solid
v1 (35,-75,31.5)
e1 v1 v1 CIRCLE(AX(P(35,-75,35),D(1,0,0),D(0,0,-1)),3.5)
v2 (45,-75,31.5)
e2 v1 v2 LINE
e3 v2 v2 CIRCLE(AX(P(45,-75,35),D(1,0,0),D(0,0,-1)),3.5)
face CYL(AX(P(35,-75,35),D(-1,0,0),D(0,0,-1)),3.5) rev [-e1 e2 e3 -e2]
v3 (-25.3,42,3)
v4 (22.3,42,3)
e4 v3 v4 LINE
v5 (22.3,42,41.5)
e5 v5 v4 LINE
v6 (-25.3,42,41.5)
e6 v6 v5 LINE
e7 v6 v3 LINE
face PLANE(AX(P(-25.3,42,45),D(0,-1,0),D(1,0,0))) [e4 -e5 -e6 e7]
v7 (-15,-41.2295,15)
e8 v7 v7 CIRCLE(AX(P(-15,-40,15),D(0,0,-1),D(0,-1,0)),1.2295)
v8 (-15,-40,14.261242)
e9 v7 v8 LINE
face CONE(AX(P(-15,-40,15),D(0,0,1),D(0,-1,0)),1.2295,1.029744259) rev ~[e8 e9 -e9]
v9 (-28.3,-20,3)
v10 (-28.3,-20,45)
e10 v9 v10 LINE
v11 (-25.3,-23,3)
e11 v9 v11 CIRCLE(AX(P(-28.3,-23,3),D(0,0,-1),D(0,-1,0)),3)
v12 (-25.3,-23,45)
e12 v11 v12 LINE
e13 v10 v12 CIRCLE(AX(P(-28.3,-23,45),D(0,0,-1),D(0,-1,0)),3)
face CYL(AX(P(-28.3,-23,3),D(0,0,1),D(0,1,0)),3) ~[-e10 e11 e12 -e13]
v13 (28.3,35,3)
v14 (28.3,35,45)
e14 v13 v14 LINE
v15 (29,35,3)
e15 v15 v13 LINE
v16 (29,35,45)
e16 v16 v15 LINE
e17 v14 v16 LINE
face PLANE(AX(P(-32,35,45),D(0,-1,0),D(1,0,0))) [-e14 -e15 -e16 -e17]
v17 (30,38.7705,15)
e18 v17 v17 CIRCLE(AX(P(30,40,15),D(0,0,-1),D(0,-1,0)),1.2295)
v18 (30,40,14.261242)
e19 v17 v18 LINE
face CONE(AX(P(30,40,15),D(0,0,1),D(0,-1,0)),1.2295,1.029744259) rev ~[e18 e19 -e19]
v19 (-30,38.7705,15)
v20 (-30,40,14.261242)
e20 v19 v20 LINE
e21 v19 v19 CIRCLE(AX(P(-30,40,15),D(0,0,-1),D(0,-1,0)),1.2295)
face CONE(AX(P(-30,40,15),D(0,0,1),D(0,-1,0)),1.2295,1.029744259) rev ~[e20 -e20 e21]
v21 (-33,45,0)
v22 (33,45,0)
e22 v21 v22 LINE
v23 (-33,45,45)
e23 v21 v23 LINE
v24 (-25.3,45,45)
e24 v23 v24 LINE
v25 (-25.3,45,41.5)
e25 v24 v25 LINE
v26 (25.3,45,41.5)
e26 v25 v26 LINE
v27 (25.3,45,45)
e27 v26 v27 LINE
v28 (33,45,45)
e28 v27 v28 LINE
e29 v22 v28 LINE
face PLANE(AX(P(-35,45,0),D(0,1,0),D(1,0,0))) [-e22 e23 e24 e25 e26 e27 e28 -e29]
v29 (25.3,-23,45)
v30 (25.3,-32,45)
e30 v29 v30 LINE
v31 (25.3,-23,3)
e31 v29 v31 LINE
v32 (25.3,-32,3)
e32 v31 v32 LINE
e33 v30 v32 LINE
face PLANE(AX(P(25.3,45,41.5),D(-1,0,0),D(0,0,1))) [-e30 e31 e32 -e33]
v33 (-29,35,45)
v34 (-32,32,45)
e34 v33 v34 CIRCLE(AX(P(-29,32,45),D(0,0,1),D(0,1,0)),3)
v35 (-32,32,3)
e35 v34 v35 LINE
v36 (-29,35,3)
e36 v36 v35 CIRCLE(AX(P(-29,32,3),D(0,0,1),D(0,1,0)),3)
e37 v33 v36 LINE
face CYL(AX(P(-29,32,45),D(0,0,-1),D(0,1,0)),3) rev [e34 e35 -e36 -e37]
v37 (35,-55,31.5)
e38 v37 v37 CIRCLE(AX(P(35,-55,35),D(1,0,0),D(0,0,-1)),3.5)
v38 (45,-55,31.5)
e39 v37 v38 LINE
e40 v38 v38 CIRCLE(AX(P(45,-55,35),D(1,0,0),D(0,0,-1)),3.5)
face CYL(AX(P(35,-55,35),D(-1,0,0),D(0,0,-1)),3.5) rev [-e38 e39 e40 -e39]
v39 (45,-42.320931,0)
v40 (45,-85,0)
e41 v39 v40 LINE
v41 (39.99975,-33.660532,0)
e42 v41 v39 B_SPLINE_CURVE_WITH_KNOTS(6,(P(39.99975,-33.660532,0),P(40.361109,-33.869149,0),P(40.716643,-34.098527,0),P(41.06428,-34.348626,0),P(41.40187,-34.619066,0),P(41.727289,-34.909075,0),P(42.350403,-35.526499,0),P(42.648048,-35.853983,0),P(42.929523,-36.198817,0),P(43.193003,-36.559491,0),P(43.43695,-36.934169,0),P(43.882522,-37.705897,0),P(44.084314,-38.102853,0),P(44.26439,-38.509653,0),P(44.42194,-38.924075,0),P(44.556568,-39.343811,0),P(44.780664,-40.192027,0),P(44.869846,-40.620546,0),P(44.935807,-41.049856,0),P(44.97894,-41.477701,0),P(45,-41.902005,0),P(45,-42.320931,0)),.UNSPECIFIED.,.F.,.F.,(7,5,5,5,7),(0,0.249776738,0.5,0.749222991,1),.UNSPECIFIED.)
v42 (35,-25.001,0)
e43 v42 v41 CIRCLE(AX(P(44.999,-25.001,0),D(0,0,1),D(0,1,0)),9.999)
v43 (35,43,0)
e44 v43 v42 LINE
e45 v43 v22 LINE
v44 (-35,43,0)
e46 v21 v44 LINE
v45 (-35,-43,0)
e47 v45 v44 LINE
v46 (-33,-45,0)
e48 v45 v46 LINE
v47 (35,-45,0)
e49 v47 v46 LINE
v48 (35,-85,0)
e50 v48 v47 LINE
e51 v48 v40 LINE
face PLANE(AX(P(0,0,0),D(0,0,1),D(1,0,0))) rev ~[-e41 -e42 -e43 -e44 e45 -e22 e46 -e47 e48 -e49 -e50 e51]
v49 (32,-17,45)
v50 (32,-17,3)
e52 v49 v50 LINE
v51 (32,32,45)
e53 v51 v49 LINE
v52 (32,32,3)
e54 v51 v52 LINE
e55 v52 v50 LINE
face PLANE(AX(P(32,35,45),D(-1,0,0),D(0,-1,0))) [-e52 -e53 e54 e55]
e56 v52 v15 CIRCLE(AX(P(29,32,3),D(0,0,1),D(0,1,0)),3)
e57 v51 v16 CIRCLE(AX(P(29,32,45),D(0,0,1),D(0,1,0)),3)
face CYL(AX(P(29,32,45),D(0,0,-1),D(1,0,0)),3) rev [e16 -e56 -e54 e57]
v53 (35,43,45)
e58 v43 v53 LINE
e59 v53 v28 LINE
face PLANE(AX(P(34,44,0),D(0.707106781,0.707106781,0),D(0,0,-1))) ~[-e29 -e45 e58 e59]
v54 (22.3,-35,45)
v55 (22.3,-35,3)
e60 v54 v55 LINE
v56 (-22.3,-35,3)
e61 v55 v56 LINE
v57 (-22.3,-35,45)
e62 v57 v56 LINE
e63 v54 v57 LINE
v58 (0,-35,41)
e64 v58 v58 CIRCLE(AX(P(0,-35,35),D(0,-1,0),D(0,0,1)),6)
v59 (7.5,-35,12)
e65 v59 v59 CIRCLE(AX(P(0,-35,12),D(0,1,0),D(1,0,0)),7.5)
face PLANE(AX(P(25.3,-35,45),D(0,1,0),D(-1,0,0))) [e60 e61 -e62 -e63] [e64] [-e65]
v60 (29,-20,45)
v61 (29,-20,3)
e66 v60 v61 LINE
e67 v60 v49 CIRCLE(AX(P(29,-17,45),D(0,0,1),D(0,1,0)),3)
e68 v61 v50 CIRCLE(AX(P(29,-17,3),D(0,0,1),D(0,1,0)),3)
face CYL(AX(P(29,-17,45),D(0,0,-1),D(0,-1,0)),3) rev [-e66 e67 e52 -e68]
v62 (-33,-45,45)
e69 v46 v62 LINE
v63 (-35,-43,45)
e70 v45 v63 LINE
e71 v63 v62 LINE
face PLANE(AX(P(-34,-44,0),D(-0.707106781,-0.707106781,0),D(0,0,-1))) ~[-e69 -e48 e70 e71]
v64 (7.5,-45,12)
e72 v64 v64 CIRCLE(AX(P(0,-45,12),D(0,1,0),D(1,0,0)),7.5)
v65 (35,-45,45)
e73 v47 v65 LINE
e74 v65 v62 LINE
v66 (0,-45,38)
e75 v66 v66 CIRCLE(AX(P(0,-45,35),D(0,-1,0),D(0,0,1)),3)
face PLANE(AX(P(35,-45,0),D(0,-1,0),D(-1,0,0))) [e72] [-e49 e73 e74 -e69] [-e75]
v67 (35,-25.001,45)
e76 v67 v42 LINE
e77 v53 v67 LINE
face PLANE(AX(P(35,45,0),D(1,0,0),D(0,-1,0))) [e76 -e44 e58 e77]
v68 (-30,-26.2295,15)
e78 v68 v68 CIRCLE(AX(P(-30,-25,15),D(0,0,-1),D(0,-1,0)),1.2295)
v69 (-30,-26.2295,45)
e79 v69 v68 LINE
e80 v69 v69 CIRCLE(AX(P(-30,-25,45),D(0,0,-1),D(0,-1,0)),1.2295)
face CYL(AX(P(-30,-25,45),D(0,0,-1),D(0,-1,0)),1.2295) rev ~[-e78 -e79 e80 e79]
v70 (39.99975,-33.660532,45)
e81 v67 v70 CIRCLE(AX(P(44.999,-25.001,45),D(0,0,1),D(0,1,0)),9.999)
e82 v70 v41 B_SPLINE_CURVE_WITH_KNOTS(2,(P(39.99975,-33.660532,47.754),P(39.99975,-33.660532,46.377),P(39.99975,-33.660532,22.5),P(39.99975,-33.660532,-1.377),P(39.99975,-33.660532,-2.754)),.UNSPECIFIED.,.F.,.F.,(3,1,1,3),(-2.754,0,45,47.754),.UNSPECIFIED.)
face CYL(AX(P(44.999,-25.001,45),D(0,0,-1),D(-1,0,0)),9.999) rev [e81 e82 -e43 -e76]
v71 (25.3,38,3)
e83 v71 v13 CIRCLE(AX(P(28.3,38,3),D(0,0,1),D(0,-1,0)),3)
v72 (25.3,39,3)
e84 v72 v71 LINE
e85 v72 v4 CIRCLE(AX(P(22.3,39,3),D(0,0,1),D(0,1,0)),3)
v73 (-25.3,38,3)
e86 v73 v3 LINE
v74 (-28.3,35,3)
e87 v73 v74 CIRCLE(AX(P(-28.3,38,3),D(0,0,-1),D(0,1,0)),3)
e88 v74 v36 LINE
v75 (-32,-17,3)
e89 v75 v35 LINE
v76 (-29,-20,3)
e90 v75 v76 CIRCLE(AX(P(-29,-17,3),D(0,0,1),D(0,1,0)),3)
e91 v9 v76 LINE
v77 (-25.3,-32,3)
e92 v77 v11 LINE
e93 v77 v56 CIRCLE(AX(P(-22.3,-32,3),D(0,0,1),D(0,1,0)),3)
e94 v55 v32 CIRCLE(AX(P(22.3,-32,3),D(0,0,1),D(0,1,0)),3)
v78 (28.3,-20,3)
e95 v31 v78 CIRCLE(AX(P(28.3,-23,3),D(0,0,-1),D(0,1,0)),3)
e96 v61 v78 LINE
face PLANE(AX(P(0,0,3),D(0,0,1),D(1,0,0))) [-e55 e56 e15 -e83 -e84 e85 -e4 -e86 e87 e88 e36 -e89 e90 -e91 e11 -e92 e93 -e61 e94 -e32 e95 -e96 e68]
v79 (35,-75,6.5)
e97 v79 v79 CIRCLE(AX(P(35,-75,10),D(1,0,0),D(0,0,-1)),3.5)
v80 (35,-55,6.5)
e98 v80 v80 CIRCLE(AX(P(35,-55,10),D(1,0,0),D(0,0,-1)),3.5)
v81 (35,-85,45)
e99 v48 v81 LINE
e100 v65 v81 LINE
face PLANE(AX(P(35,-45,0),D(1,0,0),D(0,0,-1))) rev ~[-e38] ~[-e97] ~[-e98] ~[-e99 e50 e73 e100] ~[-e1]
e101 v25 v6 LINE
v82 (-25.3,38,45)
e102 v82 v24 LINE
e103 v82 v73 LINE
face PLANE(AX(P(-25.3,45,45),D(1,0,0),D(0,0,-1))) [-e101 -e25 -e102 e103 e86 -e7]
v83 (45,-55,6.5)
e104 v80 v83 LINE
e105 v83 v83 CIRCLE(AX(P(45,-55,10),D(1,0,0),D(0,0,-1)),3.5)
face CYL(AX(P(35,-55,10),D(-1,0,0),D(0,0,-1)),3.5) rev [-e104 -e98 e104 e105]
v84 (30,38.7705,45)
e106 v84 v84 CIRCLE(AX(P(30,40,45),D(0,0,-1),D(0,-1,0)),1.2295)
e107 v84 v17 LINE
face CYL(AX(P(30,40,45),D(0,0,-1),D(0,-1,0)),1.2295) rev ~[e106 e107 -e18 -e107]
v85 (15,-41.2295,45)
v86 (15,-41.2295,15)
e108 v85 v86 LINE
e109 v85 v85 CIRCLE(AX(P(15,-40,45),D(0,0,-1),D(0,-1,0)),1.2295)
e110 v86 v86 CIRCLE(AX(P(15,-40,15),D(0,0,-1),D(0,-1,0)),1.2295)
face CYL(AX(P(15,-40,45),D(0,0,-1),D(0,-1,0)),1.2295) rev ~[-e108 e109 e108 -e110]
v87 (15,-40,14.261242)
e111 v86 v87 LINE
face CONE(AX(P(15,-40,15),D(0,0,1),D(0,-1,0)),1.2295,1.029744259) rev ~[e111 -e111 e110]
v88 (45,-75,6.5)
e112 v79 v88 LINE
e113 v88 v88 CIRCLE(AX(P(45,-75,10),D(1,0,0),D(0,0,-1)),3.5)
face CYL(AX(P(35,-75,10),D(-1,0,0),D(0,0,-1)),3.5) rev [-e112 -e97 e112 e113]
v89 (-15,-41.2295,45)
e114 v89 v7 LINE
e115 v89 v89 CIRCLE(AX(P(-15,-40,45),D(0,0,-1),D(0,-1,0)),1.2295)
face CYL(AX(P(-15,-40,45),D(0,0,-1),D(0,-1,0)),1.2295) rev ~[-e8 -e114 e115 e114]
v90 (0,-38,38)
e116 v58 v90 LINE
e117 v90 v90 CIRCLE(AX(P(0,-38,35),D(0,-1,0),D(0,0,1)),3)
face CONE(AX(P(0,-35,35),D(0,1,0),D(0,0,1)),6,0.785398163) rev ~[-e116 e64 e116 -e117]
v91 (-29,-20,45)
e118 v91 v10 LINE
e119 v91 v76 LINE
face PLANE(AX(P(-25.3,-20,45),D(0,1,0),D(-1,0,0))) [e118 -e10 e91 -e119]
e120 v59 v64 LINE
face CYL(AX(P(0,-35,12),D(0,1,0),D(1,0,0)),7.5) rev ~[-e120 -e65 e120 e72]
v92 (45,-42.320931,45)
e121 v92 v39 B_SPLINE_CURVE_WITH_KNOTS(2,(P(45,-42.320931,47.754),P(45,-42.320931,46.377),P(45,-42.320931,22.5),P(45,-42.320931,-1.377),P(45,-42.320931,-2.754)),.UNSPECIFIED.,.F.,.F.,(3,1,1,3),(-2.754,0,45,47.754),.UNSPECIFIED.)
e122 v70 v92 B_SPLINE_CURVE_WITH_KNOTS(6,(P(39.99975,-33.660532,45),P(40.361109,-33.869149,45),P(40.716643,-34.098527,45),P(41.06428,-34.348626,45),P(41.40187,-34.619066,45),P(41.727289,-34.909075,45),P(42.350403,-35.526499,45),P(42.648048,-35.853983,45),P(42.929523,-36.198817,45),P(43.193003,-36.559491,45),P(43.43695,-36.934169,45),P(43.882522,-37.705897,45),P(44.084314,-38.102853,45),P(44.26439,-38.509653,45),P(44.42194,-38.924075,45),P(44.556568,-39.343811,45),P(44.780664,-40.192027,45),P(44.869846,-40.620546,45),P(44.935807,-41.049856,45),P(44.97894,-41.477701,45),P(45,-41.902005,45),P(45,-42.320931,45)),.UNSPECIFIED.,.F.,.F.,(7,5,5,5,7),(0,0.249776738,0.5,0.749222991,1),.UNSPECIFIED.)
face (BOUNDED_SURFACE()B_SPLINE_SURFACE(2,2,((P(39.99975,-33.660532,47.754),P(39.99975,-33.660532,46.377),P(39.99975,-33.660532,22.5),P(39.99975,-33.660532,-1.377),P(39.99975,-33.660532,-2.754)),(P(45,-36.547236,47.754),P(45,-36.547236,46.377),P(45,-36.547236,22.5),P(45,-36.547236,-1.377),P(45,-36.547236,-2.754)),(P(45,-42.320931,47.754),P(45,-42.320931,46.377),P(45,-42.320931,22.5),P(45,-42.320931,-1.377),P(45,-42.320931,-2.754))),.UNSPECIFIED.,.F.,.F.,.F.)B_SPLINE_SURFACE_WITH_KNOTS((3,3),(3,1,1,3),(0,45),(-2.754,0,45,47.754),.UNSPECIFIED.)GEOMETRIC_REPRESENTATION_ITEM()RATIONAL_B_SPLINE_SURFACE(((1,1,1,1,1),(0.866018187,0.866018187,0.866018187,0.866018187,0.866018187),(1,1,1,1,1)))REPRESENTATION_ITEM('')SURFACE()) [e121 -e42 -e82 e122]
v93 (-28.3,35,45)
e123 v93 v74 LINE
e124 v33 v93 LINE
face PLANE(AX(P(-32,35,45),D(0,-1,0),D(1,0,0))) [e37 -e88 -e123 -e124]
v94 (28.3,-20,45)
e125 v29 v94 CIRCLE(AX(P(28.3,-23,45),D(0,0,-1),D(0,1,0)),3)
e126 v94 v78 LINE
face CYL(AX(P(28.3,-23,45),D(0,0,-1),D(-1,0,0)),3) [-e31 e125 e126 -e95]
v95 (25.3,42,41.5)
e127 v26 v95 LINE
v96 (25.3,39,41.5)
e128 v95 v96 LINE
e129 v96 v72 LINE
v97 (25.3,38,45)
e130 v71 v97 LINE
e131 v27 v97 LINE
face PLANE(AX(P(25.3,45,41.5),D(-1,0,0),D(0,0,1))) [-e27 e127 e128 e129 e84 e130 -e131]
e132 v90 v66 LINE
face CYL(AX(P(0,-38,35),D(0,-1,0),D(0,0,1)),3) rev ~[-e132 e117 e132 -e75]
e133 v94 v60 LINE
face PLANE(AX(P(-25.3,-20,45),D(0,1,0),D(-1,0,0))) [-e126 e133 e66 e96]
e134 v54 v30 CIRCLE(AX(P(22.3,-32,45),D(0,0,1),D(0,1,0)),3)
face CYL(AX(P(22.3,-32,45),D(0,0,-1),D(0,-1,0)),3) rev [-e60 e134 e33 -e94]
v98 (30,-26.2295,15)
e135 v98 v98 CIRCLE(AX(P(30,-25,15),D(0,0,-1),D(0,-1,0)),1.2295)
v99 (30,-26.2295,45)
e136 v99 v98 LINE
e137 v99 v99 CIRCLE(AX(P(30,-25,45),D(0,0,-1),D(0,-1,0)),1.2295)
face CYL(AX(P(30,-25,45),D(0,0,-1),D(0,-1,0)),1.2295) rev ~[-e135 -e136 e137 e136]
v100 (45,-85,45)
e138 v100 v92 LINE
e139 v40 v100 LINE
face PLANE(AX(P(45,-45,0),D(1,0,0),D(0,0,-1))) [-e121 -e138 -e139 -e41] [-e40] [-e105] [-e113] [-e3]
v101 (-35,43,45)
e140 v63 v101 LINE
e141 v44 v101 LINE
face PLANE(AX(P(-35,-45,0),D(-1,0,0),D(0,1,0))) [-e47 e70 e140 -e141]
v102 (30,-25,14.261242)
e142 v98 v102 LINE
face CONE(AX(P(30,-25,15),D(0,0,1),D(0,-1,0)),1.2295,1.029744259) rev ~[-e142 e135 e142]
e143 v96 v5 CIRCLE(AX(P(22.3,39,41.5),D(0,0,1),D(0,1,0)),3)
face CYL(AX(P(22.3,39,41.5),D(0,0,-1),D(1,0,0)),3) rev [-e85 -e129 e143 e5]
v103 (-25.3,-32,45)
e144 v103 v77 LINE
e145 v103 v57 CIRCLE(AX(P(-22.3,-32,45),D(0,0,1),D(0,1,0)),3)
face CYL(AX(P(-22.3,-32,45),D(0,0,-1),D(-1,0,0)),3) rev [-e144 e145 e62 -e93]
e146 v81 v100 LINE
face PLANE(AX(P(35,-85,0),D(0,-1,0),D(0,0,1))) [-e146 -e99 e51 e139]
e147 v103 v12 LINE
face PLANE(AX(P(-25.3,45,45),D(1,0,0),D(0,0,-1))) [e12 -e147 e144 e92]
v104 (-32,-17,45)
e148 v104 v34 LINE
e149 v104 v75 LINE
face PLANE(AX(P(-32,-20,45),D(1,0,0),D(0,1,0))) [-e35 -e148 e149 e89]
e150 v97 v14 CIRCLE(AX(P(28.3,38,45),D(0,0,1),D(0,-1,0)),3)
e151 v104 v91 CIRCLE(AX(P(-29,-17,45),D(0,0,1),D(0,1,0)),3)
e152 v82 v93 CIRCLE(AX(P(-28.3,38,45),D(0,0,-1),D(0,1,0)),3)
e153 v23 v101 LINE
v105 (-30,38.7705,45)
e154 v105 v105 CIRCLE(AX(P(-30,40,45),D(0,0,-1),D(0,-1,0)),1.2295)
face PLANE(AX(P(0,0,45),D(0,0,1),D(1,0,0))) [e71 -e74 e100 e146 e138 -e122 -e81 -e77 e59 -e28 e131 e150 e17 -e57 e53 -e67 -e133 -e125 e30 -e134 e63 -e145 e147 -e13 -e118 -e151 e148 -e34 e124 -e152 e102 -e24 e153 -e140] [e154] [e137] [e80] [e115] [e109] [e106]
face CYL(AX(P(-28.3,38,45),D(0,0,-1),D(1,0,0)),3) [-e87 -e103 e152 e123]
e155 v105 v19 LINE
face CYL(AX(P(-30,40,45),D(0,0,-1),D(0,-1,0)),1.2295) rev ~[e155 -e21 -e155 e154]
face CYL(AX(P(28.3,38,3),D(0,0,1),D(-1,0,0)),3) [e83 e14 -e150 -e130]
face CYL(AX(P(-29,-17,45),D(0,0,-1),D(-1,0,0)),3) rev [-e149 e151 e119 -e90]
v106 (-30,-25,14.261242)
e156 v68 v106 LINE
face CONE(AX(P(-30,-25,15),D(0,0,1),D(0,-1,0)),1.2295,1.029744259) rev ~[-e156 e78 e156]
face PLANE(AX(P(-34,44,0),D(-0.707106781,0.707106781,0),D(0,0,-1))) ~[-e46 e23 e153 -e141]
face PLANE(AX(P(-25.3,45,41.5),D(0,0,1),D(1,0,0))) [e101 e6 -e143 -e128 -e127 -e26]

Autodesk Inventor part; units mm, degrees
ref_plane "YZ Plane" through (0, 0, 0) normal (1, 0, 0) x (0, 1, 0)
ref_plane "XZ Plane" through (0, 0, 0) normal (0, 1, 0) x (-1, 0, 0)
ref_plane "XY Plane" through (0, 0, 0) normal (0, 0, 1) x (1, 0, 0)
sketch "Sketch1" plane through (0, 0, 0) normal (0, 0, 1) x (1, 0, 0)
  line L0 (-35, 45) -> (35, 45)
  line L1 (35, 45) -> (35, -45)
  line L2 (35, -45) -> (-35, -45)
  line L3 (-35, -45) -> (-35, 45)
  point P0 (0, 0)
  point P1 (0, 45)
  point P2 (-35, 0)
  dimension "d0" = 70
  dimension "d1" = 90
extrude "Extrusion1" add sketch "Sketch1" along normal blind 45
sketch "Sketch2" plane through (0, 0, 45) normal (0, 0, 1) x (1, 0, 0)
  line L0 (-25.3, 42) -> (25.3, 42)
  line L1 (25.3, 42) -> (25.3, -35)
  line L2 (25.3, -35) -> (-25.3, -35)
  line L3 (-25.3, -35) -> (-25.3, 42)
  line L4 (-35, 45) -> (-35, -45) projected
  line L5 (35, -45) -> (35, 45) projected
  line L6 (-35, -45) -> (35, -45) projected
  line L7 (35, 45) -> (-35, 45) projected
  point P0 (0, 0)
  dimension "d4" = 9.7
  dimension "d5" = 9.7
  dimension "d6" = 10
  dimension "d7" = 3
extrude "Extrusion2" cut sketch "Sketch2" against normal blind 42 contours L0 L1 L2 L3
sketch "Sketch3" plane through (-35, 45, 0) normal (0, 1, 0) x (1, 0, 0)
  line L0 (60.3, -45) -> (9.7, -45)
  line L1 (9.7, -45) -> (9.7, -41.5)
  line L2 (9.7, -41.5) -> (60.3, -41.5)
  line L3 (60.3, -41.5) -> (60.3, -45)
  line L4 (9.7, -45) -> (9.7, -3) projected
  line L5 (60.3, -45) -> (60.3, -3) projected
  line L6 (70, -45) -> (0, -45) projected
  point P0 (35, 0)
  dimension "d10" = 3.5
extrude "Extrusion3" cut sketch "Sketch3" against normal up to surface (3 mm away)
sketch "Sketch5" plane through (0, 0, 45) normal (0, 0, 1) x (1, 0, 0)
  line L0 (-33, 45) -> (-25, 45)
  line L1 (-25, 45) -> (25, 45)
  line L2 (25, 45) -> (33, 45)
  line L3 (33, 45) -> (35, 43)
  line L4 (35, 43) -> (35, -43)
  line L5 (35, -43) -> (33, -45)
  line L6 (33, -45) -> (-33, -45)
  line L7 (-33, -45) -> (-35, -43)
  line L8 (-35, -43) -> (-35, 43)
  line L9 (-35, 43) -> (-33, 45)
  line L10 (-25, -30) -> (-25, 45)
  line L11 (25, -30) -> (-25, -30)
  line L12 (25, 45) -> (25, -30)
  circle A0 centre (-30, 40) radius 2
  circle A1 centre (30, -25) radius 2
  circle A2 centre (-15, -40) radius 2
  circle A3 centre (15, -40) radius 2
  circle A4 centre (30, 40) radius 2
  circle A5 centre (-30, -25) radius 2
  line L13 (14.15, -21.6) -> (14.15, 28.85)
  arc A6 (14.15, 28.85) -> (11.65, 31.35) centre (11.65, 28.85) ccw
  line L14 (11.65, 31.35) -> (-12.5, 31.35)
  arc A7 (-12.5, 31.35) -> (-15, 28.85) centre (-12.5, 28.85) ccw
  line L15 (-15, 28.85) -> (-15, -21.6)
  arc A8 (-15, -21.6) -> (-12.5, -24.1) centre (-12.5, -21.6) ccw
  line L16 (-12.5, -24.1) -> (11.65, -24.1)
  arc A9 (11.65, -24.1) -> (14.15, -21.6) centre (11.65, -21.6) ccw
  circle A10 centre (20.135, 3.655) radius 2
  circle A11 centre (-19.865, 3.655) radius 2
  point P0 (0, 0)
hole "Hole2" at (-30, 40, 45) at (30, 40, 45) at (30, -25, 45) at (15, -40, 45) at (-15, -40, 45) at (-30, -25, 45) direction (0, 0, -1) diameter 2.459 depth 30 tip angle 118 thread size "M3x0.5" class "6H" standard "ISO Metric profile"
sketch "Sketch6" plane through (-25.3, -35, 45) normal (0, 1, 0) x (1, 0, 0)
  line L0 (50.6, 0) -> (0, 0) projected
  line L1 (0, 0) -> (0, 42) projected
  line L2 (50.6, 0) -> (50.6, 42) projected
  point P0 (25.3, 45)
  point P1 (10, 10)
  point P2 (25.3, 10)
  point P3 (25.3, 0)
  dimension "d30" = 10
  dimension "d31" = 10
hole "Hole3" at (0, -35, 35) direction (0, -1, 0) diameter 6 end through all countersink diameter 12 countersink angle 90
sketch "Sketch8" plane through (35, -45, 0) normal (1, 0, 0) x (0, 0, -1)
  line L0 (-45, 10) -> (0, 10)
  line L1 (0, 10) -> (0, -40)
  line L2 (0, -40) -> (-45, -40)
  line L3 (-45, -40) -> (-45, 10)
  line L4 (0, 0) -> (-45, 0) projected
  line L5 (-45, 0) -> (-45, 90) projected
  line L6 (0, 0) -> (0, 90) projected
  circle A0 centre (-35, -10) radius 3.5
  circle A1 centre (-10, -10) radius 3.5
  circle A2 centre (-35, -30) radius 3.5
  circle A3 centre (-10, -30) radius 3.5
  point P0 (0, 45)
  dimension "d42" = 10
  dimension "d43" = 40
  dimension "d44" = 7
  dimension "d45" = 7
  dimension "d46" = 10
  dimension "d47" = 10
  dimension "d48" = 10
  dimension "d59" = 10
extrude "Extrusion4" add sketch "Sketch8" along normal blind 10
fillet "Fillet1" radius 10 2 edges at (35, -35, 22.5) (45, -35, 22.5)
chamfer "Chamfer2" distance 2 angle 45 3 edges at (35, 45, 22.5) (-35, 45, 22.5) (-35, -45, 22.5)
sketch "Sketch9" plane through (-25.3, -35, 45) normal (0, 1, 0) x (1, 0, 0)
  circle A0 centre (25.3, 33) radius 7.5
  line L0 (50.6, 42) -> (0, 42) projected
  point P0 (25.3, 45)
  point P1 (25.3, 42)
  dimension "d55" = 15
  dimension "d56" = 9
extrude "Extrusion5" cut sketch "Sketch9" against normal through all
sketch "Sketch10" plane through (0, 0, 45) normal (0, 0, 1) x (1, 0, 0)
  line L0 (-32, 35) -> (32, 35)
  line L1 (32, 35) -> (32, -20)
  line L2 (32, -20) -> (-32, -20)
  line L3 (-32, -20) -> (-32, 35)
  line L4 (-25.3, -35) -> (-25.3, 45) projected
  line L5 (-35, 43) -> (-35, -43) projected
  circle A0 centre (-30, 40) radius 1.2295 projected
  circle A1 centre (-30, -25) radius 1.2295 projected
  point P0 (0, 0)
  point P1 (0, 35)
  point P2 (-32, 7.5)
  dimension "d60" = 3
  dimension "d61" = 5
  dimension "d62" = 5
extrude "Extrusion6" cut sketch "Sketch10" against normal up to surface (42 mm away) contours L0 L4 L2 L3 | L0 L1 L2 L4
fillet "Fillet2" radius 3 11 edges at (-25.3, -20, 24) (-32, -20, 24) (-32, 35, 24) (-25.3, 35, 24) (25.3, 42, 22.25) (25.3, 35, 24) (32, 35, 24) (32, -20, 24) (25.3, -20, 24) (25.3, -35, 24) (-25.3, -35, 24)
equation "\"d5\" = d4"
properties part number "0008-10-051 Cutie Priza"
